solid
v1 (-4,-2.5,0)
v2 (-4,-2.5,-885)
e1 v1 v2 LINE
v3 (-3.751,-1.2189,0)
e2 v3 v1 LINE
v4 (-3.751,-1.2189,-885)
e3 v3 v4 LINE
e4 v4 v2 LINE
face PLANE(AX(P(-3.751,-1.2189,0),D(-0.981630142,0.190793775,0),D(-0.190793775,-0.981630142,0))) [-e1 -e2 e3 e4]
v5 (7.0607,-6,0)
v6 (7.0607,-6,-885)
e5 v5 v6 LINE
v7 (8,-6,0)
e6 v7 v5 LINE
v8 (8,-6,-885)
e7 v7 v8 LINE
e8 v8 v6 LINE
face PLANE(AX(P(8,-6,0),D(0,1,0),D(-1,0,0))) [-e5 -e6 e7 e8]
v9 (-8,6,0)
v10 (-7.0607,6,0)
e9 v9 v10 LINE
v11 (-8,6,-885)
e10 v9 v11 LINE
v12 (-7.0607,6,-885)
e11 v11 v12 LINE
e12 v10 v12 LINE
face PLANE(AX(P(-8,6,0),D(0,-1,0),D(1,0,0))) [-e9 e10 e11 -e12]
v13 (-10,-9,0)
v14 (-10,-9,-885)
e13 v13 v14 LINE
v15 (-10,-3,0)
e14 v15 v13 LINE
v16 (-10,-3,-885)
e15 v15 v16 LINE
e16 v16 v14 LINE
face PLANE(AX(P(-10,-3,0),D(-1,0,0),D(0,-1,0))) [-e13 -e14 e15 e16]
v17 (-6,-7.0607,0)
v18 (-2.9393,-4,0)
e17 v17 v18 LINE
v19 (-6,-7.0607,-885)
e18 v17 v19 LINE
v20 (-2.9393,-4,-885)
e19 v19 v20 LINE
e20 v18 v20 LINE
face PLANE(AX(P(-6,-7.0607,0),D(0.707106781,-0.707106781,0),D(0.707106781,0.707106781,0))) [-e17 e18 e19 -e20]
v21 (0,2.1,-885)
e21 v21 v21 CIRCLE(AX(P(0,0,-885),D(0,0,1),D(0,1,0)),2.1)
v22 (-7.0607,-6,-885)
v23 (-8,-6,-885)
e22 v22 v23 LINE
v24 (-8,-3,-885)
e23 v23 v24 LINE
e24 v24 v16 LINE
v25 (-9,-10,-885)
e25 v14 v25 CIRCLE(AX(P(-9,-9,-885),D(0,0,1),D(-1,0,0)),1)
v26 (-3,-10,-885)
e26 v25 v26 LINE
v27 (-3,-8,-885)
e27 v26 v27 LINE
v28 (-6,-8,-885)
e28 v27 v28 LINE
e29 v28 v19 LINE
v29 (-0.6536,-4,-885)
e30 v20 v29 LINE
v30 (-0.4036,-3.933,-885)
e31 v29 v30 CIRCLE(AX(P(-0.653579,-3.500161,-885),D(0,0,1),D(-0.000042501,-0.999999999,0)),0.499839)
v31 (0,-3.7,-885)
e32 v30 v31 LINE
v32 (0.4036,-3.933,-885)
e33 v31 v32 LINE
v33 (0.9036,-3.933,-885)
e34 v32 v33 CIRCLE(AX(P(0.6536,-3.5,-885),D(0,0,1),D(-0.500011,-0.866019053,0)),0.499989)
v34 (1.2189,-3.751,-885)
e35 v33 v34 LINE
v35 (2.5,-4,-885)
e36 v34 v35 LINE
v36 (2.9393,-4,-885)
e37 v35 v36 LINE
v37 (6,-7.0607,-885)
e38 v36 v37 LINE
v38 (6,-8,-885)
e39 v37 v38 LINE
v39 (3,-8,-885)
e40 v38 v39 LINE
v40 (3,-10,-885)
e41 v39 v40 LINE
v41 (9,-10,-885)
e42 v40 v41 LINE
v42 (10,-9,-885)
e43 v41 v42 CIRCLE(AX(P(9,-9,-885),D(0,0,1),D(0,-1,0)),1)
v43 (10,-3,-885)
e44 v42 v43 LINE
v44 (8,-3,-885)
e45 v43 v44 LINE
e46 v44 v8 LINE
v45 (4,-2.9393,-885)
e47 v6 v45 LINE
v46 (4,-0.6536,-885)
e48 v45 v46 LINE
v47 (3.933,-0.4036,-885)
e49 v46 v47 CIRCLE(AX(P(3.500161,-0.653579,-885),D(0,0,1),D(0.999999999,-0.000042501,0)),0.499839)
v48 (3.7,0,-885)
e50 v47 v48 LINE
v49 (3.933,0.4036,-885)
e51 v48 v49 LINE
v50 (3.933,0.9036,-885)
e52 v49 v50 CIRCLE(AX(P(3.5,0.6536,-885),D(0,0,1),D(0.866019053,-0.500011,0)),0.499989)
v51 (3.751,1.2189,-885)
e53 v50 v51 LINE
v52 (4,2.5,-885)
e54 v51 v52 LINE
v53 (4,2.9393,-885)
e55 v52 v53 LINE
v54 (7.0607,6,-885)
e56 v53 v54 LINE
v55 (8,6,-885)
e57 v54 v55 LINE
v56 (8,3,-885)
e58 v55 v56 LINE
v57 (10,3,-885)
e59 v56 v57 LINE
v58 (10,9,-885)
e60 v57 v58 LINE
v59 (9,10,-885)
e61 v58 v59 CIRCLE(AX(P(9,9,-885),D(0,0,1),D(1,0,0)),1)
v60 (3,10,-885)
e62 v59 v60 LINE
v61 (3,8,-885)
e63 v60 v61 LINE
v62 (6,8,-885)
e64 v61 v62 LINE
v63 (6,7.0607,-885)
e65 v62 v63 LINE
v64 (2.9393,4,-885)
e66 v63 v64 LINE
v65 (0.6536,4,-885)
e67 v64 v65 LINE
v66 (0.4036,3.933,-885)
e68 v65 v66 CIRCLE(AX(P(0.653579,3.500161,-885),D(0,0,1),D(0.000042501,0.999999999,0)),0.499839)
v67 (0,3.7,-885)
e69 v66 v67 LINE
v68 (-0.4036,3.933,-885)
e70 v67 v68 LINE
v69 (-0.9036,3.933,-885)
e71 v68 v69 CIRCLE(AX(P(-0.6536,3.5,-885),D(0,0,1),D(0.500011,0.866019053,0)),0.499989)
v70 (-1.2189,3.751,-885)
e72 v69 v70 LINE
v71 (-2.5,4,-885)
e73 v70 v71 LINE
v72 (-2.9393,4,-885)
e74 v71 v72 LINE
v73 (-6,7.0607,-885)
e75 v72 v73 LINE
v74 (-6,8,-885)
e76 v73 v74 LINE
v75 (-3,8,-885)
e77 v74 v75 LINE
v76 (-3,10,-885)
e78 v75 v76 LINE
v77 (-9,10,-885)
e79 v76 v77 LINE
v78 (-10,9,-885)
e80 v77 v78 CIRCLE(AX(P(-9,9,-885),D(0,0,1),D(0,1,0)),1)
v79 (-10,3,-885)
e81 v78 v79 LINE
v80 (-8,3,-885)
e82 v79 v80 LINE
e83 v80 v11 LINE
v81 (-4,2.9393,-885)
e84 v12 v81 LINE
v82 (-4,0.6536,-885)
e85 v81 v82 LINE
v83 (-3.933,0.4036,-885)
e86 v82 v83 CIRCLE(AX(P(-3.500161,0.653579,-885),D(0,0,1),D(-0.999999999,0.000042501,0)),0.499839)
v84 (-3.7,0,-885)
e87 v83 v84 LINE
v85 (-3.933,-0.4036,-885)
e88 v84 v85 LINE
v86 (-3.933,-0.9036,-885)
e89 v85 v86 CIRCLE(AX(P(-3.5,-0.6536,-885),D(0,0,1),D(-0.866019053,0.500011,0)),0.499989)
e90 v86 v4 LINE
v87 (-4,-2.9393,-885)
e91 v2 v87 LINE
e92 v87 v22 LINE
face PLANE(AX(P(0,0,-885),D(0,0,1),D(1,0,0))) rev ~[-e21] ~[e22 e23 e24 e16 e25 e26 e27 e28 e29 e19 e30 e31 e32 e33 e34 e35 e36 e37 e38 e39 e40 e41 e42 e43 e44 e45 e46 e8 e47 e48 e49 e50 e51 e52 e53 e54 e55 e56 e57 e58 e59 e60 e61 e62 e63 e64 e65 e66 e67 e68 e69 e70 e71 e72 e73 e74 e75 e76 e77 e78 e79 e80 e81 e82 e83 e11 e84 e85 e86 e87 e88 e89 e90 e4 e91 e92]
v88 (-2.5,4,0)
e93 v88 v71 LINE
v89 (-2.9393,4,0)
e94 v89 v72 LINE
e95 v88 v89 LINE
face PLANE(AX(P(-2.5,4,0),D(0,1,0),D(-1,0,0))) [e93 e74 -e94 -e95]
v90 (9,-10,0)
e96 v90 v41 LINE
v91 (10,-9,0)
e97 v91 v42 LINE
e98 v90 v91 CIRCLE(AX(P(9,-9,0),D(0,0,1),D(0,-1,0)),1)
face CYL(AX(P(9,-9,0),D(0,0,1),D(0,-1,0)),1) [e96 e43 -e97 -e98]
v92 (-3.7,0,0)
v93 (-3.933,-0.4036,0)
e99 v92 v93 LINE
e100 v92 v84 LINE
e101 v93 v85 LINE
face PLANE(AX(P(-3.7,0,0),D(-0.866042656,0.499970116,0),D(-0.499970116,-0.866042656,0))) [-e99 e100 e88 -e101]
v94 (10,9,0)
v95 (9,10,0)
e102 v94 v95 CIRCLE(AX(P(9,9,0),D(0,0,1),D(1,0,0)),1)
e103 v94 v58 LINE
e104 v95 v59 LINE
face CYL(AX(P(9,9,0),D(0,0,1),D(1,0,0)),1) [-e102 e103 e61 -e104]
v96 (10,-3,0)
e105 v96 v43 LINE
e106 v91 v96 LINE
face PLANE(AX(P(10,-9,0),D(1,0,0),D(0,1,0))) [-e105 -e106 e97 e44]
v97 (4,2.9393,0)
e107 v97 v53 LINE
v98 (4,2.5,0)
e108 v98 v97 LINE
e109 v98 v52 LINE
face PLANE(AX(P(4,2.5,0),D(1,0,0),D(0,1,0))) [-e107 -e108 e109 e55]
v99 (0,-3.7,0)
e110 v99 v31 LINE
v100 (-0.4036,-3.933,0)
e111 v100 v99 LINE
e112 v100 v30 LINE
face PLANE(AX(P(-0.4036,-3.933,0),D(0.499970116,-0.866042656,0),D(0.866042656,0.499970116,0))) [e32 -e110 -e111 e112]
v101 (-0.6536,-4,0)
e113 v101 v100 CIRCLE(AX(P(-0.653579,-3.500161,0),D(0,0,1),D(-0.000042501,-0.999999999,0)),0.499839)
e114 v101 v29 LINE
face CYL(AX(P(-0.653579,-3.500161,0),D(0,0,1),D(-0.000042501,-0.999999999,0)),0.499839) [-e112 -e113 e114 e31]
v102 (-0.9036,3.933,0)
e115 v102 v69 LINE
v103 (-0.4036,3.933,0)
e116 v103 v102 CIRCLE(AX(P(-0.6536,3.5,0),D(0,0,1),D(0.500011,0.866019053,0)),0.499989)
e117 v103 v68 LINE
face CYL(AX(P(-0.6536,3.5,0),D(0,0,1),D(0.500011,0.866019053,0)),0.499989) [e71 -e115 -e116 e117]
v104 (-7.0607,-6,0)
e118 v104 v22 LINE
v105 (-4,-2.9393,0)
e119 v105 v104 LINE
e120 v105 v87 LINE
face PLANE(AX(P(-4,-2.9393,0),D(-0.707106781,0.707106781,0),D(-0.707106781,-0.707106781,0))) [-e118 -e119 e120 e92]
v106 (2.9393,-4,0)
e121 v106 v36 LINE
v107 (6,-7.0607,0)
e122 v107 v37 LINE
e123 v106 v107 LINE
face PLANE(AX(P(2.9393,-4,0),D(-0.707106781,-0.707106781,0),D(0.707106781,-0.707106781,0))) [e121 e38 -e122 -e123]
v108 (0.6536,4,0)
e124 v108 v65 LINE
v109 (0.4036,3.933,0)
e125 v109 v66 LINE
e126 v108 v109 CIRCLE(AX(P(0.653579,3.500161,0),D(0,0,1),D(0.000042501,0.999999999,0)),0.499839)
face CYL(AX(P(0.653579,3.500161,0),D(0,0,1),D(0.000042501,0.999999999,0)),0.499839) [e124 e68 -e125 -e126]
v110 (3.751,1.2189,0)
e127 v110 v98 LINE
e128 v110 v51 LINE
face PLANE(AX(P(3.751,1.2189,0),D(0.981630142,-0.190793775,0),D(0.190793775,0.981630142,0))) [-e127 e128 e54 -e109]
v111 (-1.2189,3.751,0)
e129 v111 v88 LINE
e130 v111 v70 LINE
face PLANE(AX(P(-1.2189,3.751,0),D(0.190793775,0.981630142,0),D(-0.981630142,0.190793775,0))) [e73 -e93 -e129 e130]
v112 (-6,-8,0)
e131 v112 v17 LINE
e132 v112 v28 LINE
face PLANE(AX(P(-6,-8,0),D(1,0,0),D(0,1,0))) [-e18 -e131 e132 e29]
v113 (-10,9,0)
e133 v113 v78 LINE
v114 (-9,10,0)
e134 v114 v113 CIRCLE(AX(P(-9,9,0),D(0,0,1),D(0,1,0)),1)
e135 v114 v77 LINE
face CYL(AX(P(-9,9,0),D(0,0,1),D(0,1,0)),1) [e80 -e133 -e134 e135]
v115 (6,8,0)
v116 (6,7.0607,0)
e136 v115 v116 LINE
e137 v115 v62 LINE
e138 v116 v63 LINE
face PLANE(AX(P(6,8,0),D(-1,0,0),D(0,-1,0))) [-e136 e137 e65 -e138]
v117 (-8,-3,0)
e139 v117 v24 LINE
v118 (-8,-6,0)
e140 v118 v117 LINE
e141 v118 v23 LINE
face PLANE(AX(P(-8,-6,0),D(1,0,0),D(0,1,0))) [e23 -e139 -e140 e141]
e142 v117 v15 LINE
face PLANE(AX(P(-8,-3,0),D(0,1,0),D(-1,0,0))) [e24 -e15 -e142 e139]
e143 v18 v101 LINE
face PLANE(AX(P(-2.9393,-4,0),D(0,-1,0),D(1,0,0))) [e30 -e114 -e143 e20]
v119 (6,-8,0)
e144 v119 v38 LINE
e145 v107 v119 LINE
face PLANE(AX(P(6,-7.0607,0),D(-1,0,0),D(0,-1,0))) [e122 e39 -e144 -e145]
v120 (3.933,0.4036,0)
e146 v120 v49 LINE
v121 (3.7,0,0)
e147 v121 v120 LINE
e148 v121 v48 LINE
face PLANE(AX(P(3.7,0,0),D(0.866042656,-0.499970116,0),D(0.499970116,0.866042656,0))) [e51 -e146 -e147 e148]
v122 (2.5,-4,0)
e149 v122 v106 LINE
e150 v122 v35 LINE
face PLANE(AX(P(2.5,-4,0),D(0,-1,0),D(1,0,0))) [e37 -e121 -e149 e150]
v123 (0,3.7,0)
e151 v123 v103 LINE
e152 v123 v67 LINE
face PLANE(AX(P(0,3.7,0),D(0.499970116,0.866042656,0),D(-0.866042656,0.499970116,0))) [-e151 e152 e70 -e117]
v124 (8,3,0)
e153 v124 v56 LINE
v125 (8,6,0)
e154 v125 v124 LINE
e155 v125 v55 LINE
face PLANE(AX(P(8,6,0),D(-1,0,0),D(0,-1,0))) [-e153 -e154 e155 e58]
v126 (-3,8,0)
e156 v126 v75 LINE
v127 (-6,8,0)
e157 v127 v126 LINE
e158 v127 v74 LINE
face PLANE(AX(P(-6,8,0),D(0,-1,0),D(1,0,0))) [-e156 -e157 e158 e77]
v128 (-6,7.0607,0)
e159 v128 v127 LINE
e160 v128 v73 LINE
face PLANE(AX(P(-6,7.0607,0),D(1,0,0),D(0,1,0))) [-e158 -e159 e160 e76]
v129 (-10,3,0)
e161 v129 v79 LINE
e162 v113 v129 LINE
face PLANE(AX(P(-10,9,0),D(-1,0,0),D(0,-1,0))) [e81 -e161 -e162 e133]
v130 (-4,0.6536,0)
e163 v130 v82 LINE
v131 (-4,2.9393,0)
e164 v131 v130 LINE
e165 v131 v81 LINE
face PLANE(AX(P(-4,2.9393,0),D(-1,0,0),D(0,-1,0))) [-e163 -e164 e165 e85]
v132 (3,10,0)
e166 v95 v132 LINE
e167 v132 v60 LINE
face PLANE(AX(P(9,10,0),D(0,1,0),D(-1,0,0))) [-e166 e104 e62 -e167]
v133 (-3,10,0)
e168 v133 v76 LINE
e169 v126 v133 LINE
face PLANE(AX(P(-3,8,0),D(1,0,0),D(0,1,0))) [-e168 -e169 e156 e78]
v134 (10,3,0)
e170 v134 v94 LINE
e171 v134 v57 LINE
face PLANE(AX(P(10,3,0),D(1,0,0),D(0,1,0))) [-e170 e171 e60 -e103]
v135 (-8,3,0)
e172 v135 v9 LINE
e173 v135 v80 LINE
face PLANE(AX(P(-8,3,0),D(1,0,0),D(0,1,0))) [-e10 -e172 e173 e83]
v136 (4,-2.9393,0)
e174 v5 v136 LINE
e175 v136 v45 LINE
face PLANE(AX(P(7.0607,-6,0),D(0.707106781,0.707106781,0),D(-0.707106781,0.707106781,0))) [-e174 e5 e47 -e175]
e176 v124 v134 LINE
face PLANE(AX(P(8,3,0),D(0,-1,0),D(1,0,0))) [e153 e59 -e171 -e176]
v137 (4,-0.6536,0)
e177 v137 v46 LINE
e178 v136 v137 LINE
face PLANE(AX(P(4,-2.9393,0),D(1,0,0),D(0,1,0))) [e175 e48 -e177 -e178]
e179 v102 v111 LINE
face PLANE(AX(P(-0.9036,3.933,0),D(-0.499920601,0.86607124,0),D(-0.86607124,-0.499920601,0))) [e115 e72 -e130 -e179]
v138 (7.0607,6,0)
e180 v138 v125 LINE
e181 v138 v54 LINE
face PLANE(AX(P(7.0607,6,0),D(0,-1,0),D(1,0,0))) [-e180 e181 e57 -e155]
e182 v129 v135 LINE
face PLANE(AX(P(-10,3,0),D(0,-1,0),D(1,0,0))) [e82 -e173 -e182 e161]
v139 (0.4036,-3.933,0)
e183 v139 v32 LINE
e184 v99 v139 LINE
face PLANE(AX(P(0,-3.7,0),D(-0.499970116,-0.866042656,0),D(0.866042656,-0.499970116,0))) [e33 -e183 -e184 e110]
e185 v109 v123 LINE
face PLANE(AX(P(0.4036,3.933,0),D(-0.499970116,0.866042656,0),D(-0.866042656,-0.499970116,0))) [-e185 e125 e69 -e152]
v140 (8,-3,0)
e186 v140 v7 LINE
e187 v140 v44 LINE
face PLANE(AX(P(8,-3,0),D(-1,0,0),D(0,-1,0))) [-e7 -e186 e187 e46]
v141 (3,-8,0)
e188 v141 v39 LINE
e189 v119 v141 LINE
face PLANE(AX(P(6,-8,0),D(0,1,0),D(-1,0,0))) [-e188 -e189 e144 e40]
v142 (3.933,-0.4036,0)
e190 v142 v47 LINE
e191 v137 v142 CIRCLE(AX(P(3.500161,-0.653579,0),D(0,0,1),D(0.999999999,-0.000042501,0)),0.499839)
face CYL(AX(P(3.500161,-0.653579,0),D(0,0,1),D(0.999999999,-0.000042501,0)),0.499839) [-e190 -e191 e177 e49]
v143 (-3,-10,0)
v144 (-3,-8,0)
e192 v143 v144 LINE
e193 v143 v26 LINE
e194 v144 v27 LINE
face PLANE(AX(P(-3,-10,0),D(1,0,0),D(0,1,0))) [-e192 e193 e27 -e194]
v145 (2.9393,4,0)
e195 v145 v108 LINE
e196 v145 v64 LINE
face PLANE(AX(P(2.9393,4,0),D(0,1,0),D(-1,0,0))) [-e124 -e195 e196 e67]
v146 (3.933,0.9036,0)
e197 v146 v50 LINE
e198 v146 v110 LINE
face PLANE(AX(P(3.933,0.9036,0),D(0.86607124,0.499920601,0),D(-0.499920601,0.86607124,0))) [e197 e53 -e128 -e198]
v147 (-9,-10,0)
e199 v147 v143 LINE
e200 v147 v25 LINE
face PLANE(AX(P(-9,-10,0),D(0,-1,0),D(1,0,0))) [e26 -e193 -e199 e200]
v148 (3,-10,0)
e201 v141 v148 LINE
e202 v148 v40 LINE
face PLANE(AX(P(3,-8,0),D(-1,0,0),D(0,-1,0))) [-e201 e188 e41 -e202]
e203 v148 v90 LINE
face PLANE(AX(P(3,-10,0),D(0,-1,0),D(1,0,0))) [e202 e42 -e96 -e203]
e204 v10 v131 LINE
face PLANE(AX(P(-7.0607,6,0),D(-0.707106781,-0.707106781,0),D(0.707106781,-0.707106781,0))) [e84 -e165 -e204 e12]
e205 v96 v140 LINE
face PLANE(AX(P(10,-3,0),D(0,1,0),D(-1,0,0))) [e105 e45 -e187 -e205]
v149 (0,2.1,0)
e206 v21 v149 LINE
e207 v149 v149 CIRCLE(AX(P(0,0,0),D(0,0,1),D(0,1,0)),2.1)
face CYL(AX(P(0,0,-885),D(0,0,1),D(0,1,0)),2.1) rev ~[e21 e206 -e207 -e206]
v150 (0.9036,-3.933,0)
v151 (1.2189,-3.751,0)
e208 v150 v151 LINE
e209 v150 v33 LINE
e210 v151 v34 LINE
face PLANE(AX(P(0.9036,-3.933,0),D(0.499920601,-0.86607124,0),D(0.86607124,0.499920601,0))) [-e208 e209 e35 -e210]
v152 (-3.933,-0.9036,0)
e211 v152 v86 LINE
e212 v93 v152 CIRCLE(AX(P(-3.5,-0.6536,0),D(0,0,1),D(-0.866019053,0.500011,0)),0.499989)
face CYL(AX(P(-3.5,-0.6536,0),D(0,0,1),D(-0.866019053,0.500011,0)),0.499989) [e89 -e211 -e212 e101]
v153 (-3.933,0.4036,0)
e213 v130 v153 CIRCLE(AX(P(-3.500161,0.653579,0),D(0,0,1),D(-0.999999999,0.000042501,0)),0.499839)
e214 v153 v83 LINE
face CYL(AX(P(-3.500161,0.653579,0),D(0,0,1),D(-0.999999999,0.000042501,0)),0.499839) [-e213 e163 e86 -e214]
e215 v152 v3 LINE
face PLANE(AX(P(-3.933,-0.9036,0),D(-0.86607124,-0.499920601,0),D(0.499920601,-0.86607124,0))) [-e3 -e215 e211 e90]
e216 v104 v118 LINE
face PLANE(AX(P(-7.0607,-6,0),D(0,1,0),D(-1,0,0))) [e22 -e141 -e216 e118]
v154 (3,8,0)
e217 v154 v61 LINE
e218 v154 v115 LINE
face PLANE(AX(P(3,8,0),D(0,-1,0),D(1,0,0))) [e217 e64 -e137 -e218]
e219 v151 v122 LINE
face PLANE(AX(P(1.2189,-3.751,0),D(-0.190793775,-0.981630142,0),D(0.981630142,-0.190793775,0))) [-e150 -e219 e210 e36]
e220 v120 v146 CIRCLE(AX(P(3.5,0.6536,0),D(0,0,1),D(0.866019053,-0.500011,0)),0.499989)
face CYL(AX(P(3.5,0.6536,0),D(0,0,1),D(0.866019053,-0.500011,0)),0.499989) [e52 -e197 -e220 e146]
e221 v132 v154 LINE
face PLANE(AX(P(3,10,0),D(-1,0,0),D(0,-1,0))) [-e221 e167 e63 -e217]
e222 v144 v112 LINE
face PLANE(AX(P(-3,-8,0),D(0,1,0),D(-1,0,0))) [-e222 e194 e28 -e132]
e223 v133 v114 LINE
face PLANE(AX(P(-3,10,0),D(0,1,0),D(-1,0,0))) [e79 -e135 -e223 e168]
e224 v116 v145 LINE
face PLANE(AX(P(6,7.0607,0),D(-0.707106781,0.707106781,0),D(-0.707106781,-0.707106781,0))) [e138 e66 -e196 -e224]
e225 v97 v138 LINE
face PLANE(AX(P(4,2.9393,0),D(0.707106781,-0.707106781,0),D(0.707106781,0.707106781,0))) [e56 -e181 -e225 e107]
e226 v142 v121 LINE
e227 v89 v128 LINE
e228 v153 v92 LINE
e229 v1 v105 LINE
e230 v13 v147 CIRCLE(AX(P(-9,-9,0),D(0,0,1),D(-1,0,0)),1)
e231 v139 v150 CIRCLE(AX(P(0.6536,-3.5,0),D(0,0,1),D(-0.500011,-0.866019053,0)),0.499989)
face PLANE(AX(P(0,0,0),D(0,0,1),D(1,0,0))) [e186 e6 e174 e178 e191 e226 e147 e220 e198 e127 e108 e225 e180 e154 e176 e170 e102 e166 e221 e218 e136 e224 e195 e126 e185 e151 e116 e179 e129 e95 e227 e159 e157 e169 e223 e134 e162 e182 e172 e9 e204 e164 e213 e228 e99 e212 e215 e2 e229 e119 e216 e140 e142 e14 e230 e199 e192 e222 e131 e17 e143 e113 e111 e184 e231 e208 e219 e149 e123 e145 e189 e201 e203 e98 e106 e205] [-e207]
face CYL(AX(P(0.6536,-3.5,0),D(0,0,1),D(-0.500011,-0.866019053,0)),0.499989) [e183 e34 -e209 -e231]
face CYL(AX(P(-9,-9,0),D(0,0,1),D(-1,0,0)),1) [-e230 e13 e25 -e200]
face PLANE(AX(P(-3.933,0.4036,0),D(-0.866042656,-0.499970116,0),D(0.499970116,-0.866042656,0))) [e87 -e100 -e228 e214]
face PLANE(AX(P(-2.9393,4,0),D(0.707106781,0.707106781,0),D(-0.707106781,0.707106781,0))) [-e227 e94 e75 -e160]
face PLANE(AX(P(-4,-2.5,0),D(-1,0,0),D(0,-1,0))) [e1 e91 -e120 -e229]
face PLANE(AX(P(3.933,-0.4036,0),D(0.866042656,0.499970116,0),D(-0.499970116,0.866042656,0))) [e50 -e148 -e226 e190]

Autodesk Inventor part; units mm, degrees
sketch "Sketch_75" plane through (0, 0, 0) normal (0, 0, 1) x (1, 0, 0)
  line L0 (-10, -3) -> (-10, -9)
  arc A0 (-10, -9) -> (-9, -10) centre (-9, -9) ccw
  line L1 (-9, -10) -> (-3, -10)
  line L2 (-3, -10) -> (-3, -8)
  line L3 (-3, -8) -> (-6, -8)
  line L4 (-6, -8) -> (-6, -7.0607)
  line L5 (-6, -7.0607) -> (-2.9393, -4)
  line L6 (-2.9393, -4) -> (-0.6536, -4)
  arc A1 (-0.6536, -4) -> (-0.4036, -3.933) centre (-0.6536, -3.5) ccw
  line L7 (-0.4036, -3.933) -> (0, -3.7)
  line L8 (0, -3.7) -> (0.4036, -3.933)
  arc A2 (0.4036, -3.933) -> (0.9036, -3.933) centre (0.6536, -3.5) ccw
  line L9 (0.9036, -3.933) -> (1.2189, -3.751)
  line L10 (1.2189, -3.751) -> (2.5, -4)
  line L11 (2.5, -4) -> (2.9393, -4)
  line L12 (2.9393, -4) -> (6, -7.0607)
  line L13 (6, -7.0607) -> (6, -8)
  line L14 (6, -8) -> (3, -8)
  line L15 (3, -8) -> (3, -10)
  line L16 (3, -10) -> (9, -10)
  arc A3 (9, -10) -> (10, -9) centre (9, -9) ccw
  line L17 (10, -9) -> (10, -3)
  line L18 (10, -3) -> (8, -3)
  line L19 (8, -3) -> (8, -6)
  line L20 (8, -6) -> (7.0607, -6)
  line L21 (7.0607, -6) -> (4, -2.9393)
  line L22 (4, -2.9393) -> (4, -0.6536)
  arc A4 (4, -0.6536) -> (3.933, -0.4036) centre (3.5, -0.6536) ccw
  line L23 (3.933, -0.4036) -> (3.7, 0)
  line L24 (3.7, 0) -> (3.933, 0.4036)
  arc A5 (3.933, 0.4036) -> (3.933, 0.9036) centre (3.5, 0.6536) ccw
  line L25 (3.933, 0.9036) -> (3.751, 1.2189)
  line L26 (3.751, 1.2189) -> (4, 2.5)
  line L27 (4, 2.5) -> (4, 2.9393)
  line L28 (4, 2.9393) -> (7.0607, 6)
  line L29 (7.0607, 6) -> (8, 6)
  line L30 (8, 6) -> (8, 3)
  line L31 (8, 3) -> (10, 3)
  line L32 (10, 3) -> (10, 9)
  arc A6 (10, 9) -> (9, 10) centre (9, 9) ccw
  line L33 (9, 10) -> (3, 10)
  line L34 (3, 10) -> (3, 8)
  line L35 (3, 8) -> (6, 8)
  line L36 (6, 8) -> (6, 7.0607)
  line L37 (6, 7.0607) -> (2.9393, 4)
  line L38 (2.9393, 4) -> (0.6536, 4)
  arc A7 (0.6536, 4) -> (0.4036, 3.933) centre (0.6536, 3.5) ccw
  line L39 (0.4036, 3.933) -> (0, 3.7)
  line L40 (0, 3.7) -> (-0.4036, 3.933)
  arc A8 (-0.4036, 3.933) -> (-0.9036, 3.933) centre (-0.6536, 3.5) ccw
  line L41 (-0.9036, 3.933) -> (-1.2189, 3.751)
  line L42 (-1.2189, 3.751) -> (-2.5, 4)
  line L43 (-2.5, 4) -> (-2.9393, 4)
  line L44 (-2.9393, 4) -> (-6, 7.0607)
  line L45 (-6, 7.0607) -> (-6, 8)
  line L46 (-6, 8) -> (-3, 8)
  line L47 (-3, 8) -> (-3, 10)
  line L48 (-3, 10) -> (-9, 10)
  arc A9 (-9, 10) -> (-10, 9) centre (-9, 9) ccw
  line L49 (-10, 9) -> (-10, 3)
  line L50 (-10, 3) -> (-8, 3)
  line L51 (-8, 3) -> (-8, 6)
  line L52 (-8, 6) -> (-7.0607, 6)
  line L53 (-7.0607, 6) -> (-4, 2.9393)
  line L54 (-4, 2.9393) -> (-4, 0.6536)
  arc A10 (-4, 0.6536) -> (-3.933, 0.4036) centre (-3.5, 0.6536) ccw
  line L55 (-3.933, 0.4036) -> (-3.7, 0)
  line L56 (-3.7, 0) -> (-3.933, -0.4036)
  arc A11 (-3.933, -0.4036) -> (-3.933, -0.9036) centre (-3.5, -0.6536) ccw
  line L57 (-3.933, -0.9036) -> (-3.751, -1.2189)
  line L58 (-3.751, -1.2189) -> (-4, -2.5)
  line L59 (-4, -2.5) -> (-4, -2.9393)
  line L60 (-4, -2.9393) -> (-7.0607, -6)
  line L61 (-7.0607, -6) -> (-8, -6)
  line L62 (-8, -6) -> (-8, -3)
  line L63 (-8, -3) -> (-10, -3)
extrude "Extrusion1" add sketch "Sketch_75" against normal blind 885
sketch "Sketch2" plane through (0, 0, -885) normal (0, 0, -1) x (-1, 0, 0)
  point P0 (0, 0)
hole "Hole1" at (0, 0, -885) direction (0, 0, 1) diameter 4.2 end through all
ref_plane "C1_XY" through (0, 0, 0) normal (0, 0, 1) x (1, 0, 0)
ref_plane "C1_YZ" through (0, 0, 0) normal (1, 0, 0) x (0, 1, 0)
ref_plane "C1_ZX" through (0, 0, 0) normal (0, 1, 0) x (0, 0, 1)
properties part number "NFS5-2020-885" material "アルミニウム 6061"
